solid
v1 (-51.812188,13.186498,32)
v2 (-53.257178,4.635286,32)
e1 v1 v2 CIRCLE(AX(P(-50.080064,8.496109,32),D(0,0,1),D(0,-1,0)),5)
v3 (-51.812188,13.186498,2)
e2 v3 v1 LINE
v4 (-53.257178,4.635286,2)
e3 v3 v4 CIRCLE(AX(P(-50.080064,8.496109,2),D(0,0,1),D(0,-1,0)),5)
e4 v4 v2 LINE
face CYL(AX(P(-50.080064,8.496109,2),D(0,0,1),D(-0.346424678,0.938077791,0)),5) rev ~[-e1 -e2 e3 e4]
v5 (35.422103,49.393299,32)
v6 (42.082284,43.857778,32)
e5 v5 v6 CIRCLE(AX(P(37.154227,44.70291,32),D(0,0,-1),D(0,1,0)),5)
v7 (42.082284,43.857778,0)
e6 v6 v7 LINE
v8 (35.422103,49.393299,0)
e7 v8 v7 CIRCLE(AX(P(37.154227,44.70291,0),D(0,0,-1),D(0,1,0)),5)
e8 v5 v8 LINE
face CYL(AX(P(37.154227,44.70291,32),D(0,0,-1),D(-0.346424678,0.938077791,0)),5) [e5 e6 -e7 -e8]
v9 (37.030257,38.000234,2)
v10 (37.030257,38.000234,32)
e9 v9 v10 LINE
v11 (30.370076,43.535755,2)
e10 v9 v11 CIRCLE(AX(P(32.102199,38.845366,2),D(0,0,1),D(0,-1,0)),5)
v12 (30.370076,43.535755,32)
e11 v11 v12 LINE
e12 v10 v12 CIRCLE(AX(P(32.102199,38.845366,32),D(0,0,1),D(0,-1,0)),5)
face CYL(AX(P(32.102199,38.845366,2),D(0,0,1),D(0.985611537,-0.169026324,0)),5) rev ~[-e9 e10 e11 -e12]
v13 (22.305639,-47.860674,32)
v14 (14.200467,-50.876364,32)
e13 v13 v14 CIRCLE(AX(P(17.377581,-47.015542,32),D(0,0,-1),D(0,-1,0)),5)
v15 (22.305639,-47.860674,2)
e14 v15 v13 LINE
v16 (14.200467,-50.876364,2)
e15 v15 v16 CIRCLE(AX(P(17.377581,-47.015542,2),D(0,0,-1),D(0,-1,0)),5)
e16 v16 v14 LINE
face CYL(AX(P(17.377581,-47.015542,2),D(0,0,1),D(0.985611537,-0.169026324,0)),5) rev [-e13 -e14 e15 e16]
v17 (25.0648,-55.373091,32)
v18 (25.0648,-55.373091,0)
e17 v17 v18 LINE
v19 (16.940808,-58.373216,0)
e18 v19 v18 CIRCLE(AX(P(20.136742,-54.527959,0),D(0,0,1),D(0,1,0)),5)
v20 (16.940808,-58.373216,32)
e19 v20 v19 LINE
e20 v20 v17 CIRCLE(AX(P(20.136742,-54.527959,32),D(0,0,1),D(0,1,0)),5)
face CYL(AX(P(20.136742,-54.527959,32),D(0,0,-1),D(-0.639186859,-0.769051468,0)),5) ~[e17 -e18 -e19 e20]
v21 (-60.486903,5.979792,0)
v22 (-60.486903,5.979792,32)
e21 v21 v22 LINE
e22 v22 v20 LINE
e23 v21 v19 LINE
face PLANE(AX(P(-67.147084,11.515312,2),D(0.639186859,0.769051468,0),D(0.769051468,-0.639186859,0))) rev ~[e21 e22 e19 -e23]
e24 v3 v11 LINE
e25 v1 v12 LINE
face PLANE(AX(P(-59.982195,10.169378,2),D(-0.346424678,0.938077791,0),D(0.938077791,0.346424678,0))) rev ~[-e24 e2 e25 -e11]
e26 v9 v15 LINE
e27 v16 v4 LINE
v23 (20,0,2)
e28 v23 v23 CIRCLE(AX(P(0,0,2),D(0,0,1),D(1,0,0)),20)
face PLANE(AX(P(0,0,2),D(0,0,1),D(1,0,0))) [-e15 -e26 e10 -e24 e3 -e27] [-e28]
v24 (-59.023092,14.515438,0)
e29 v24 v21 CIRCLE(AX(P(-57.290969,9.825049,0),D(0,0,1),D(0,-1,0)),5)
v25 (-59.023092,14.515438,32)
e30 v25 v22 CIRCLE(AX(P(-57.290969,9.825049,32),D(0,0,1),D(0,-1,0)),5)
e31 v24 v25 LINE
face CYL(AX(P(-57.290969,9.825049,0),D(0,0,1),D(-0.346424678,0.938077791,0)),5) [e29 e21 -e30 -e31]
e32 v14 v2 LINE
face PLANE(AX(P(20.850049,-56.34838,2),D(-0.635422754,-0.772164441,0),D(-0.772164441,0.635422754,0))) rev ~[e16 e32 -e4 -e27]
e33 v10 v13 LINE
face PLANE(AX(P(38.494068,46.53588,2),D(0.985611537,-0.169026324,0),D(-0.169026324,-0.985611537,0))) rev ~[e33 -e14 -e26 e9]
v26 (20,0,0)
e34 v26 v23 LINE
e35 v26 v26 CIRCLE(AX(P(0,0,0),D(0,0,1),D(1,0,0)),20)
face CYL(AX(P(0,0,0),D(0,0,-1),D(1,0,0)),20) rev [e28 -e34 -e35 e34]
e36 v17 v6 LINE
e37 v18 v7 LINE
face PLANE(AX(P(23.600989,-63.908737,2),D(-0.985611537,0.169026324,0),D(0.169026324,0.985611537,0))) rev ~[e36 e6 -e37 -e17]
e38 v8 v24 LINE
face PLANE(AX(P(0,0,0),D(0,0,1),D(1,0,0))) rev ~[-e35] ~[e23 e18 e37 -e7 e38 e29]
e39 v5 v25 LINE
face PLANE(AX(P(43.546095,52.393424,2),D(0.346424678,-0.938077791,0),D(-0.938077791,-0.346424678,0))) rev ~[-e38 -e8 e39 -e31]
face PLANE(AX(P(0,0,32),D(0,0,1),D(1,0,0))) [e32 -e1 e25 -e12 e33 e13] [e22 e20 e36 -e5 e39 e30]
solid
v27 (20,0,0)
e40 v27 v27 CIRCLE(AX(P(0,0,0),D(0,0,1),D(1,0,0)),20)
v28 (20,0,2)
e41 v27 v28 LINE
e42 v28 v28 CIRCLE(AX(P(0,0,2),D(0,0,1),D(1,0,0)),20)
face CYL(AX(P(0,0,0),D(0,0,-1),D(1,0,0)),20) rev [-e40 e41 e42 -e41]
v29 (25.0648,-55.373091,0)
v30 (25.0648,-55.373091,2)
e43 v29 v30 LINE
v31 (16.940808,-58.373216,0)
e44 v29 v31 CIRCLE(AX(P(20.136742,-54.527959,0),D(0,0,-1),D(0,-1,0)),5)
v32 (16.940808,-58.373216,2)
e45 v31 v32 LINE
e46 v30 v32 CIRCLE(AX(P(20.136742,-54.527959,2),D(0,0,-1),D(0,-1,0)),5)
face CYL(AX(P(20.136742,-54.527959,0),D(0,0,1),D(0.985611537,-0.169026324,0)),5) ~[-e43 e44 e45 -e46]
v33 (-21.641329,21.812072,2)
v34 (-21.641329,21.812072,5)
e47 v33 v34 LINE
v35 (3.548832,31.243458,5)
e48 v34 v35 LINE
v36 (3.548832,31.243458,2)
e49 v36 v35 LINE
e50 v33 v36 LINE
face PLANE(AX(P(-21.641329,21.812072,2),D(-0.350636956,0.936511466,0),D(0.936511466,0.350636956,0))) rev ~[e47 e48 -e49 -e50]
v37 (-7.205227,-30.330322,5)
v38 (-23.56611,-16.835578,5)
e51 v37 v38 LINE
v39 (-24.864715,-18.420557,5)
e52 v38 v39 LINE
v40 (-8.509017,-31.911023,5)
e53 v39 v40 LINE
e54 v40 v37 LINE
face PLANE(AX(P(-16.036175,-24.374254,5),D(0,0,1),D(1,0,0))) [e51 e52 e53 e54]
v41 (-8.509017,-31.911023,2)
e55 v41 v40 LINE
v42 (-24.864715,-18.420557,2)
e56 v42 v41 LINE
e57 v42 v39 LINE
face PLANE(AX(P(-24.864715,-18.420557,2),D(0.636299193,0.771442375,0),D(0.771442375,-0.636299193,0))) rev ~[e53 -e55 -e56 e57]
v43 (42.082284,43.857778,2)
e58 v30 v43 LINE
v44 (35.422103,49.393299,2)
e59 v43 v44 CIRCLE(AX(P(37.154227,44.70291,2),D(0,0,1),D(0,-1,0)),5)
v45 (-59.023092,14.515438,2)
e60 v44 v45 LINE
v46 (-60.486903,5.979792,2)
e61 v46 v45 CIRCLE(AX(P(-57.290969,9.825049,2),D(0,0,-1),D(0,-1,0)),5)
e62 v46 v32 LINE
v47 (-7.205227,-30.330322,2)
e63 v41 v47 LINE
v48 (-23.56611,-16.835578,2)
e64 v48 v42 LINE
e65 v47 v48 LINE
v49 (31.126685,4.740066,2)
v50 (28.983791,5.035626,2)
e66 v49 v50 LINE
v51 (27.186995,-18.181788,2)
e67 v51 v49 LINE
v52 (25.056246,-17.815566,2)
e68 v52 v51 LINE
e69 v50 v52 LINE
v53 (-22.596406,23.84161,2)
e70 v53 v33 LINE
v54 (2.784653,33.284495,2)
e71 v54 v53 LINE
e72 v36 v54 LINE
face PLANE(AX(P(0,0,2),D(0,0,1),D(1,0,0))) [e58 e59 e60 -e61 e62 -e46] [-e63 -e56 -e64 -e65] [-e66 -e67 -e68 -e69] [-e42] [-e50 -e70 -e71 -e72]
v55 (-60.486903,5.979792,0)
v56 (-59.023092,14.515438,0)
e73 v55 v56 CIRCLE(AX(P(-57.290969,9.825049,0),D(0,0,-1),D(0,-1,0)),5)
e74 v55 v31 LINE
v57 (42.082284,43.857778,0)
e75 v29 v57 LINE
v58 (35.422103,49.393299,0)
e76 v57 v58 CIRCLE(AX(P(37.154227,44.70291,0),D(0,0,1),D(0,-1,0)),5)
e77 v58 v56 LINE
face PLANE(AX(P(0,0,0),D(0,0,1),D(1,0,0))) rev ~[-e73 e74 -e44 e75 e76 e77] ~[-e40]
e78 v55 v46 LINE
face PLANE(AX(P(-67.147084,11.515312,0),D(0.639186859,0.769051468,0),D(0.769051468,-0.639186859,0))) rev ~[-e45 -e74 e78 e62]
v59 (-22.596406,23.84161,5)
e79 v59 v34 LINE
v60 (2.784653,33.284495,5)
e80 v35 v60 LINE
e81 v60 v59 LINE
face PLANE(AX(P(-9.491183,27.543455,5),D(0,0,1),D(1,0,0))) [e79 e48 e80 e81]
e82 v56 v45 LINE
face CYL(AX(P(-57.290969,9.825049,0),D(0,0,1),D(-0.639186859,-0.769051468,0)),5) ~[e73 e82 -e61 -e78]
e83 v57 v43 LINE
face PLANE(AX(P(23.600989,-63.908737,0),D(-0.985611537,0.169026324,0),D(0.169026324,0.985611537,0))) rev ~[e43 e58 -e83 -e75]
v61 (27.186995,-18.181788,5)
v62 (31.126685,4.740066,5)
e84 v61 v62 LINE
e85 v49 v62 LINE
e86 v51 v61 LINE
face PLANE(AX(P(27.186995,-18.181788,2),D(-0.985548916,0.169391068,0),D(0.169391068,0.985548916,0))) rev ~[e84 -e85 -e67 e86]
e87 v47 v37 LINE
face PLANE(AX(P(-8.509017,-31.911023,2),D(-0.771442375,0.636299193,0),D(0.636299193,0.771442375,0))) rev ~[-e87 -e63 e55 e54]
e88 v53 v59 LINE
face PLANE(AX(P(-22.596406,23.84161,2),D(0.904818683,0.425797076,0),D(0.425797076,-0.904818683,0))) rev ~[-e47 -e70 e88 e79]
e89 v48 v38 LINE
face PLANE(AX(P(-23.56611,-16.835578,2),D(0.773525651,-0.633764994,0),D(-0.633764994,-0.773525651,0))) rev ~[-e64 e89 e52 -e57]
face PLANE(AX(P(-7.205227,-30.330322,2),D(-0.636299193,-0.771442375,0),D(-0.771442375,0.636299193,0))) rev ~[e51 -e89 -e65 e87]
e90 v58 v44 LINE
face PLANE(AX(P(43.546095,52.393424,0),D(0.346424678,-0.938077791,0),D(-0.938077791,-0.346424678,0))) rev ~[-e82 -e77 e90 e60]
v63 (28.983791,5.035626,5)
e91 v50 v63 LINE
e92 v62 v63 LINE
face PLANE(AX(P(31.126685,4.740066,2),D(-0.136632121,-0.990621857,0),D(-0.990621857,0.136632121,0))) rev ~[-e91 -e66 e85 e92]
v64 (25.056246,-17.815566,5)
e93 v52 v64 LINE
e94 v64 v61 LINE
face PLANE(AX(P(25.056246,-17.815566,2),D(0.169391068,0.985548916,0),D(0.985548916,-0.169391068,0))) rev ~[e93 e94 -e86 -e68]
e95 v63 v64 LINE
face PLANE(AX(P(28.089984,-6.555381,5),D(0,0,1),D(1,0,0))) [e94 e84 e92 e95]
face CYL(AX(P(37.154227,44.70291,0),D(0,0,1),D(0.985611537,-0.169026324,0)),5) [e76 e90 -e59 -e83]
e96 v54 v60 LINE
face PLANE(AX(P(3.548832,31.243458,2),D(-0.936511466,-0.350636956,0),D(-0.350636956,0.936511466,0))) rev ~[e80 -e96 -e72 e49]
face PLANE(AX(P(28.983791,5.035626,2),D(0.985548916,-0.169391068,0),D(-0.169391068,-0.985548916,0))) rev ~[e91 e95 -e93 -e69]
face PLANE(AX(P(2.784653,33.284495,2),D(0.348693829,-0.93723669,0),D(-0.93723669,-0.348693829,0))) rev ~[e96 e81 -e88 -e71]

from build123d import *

# Parameters (mm, degrees)
F0_R     = 20
F1_DEPTH = 2
F3_DEPTH = 30
F4_R     = 5
F5_R     = 5
F6_DEPTH = 2
F7_R     = 5
F9_DEPTH = 3


with BuildPart() as f1:
    # F0 (on Top) → F1 (new body)
    with BuildSketch(Plane.XY):
        Polygon((23.6009889939, -63.9087368976), (43.5460951802, 52.3934244719), (-67.147084174, 11.5153124257), align=None)
        Circle(F0_R, mode=Mode.SUBTRACT)
    extrude(amount=F1_DEPTH)

    # F2 (on face) → F3 (join)
    with BuildSketch(Plane.XY.offset(2)):
        Polygon((43.5460951802, 52.3934244719), (-67.147084174, 11.5153124257), (23.6009889939, -63.9087368976), align=None)
        Polygon((20.8500493318, -56.3483797014), (-59.9821954966, 10.1693784818), (38.4940678967, 46.5358804865), align=None, mode=Mode.SUBTRACT)
    extrude(amount=F3_DEPTH)

    # F4
    f4_edges = [f1.edges().sort_by_distance(p)[0] for p in [
        (-67.147084, 11.515312, 16),
        (43.546095, 52.393424, 16),
        (23.600989, -63.908737, 16),
    ]]
    fillet(f4_edges, radius=F4_R)

    # F5
    f5_edges = [f1.edges().sort_by_distance(p)[0] for p in [
        (-59.982195, 10.169378, 17),
        (38.494068, 46.53588, 17),
        (20.850049, -56.34838, 17),
    ]]
    fillet(f5_edges, radius=F5_R)


with BuildPart() as f6:
    # F0 (on Top) → F6 (new body)
    with BuildSketch(Plane.XY):
        Polygon((23.6009889939, -63.9087368976), (43.5460951802, 52.3934244719), (-67.147084174, 11.5153124257), align=None)
        Circle(F0_R, mode=Mode.SUBTRACT)
    extrude(amount=F6_DEPTH)

    # F7
    f7_edges = [f6.edges().sort_by_distance(p)[0] for p in [
        (-67.147084, 11.515312, 1),
        (23.600989, -63.908737, 1),
        (43.546095, 52.393424, 1),
    ]]
    fillet(f7_edges, radius=F7_R)

    # F8 (on face) → F9 (join)
    with BuildSketch(Plane.XY.offset(2)):
        Polygon((-23.5661102989, -16.8355783103), (-24.8647145927, -18.4205565602), (-8.5090165958, -31.9110229611), (-7.2052266655, -30.3303219151), align=None)
        Polygon((2.7846527248, 33.2844954095), (-22.5964058191, 23.8416101784), (-21.6413289309, 21.8120720237), (3.5488323774, 31.2434583902), align=None)
        Polygon((27.1869953722, -18.1817878038), (31.1266854405, 4.740065895), (28.9837907485, 5.0356259463), (25.0562457372, -17.815565539), align=None)
    extrude(amount=F9_DEPTH)


solid = Compound([f1.part, f6.part])
